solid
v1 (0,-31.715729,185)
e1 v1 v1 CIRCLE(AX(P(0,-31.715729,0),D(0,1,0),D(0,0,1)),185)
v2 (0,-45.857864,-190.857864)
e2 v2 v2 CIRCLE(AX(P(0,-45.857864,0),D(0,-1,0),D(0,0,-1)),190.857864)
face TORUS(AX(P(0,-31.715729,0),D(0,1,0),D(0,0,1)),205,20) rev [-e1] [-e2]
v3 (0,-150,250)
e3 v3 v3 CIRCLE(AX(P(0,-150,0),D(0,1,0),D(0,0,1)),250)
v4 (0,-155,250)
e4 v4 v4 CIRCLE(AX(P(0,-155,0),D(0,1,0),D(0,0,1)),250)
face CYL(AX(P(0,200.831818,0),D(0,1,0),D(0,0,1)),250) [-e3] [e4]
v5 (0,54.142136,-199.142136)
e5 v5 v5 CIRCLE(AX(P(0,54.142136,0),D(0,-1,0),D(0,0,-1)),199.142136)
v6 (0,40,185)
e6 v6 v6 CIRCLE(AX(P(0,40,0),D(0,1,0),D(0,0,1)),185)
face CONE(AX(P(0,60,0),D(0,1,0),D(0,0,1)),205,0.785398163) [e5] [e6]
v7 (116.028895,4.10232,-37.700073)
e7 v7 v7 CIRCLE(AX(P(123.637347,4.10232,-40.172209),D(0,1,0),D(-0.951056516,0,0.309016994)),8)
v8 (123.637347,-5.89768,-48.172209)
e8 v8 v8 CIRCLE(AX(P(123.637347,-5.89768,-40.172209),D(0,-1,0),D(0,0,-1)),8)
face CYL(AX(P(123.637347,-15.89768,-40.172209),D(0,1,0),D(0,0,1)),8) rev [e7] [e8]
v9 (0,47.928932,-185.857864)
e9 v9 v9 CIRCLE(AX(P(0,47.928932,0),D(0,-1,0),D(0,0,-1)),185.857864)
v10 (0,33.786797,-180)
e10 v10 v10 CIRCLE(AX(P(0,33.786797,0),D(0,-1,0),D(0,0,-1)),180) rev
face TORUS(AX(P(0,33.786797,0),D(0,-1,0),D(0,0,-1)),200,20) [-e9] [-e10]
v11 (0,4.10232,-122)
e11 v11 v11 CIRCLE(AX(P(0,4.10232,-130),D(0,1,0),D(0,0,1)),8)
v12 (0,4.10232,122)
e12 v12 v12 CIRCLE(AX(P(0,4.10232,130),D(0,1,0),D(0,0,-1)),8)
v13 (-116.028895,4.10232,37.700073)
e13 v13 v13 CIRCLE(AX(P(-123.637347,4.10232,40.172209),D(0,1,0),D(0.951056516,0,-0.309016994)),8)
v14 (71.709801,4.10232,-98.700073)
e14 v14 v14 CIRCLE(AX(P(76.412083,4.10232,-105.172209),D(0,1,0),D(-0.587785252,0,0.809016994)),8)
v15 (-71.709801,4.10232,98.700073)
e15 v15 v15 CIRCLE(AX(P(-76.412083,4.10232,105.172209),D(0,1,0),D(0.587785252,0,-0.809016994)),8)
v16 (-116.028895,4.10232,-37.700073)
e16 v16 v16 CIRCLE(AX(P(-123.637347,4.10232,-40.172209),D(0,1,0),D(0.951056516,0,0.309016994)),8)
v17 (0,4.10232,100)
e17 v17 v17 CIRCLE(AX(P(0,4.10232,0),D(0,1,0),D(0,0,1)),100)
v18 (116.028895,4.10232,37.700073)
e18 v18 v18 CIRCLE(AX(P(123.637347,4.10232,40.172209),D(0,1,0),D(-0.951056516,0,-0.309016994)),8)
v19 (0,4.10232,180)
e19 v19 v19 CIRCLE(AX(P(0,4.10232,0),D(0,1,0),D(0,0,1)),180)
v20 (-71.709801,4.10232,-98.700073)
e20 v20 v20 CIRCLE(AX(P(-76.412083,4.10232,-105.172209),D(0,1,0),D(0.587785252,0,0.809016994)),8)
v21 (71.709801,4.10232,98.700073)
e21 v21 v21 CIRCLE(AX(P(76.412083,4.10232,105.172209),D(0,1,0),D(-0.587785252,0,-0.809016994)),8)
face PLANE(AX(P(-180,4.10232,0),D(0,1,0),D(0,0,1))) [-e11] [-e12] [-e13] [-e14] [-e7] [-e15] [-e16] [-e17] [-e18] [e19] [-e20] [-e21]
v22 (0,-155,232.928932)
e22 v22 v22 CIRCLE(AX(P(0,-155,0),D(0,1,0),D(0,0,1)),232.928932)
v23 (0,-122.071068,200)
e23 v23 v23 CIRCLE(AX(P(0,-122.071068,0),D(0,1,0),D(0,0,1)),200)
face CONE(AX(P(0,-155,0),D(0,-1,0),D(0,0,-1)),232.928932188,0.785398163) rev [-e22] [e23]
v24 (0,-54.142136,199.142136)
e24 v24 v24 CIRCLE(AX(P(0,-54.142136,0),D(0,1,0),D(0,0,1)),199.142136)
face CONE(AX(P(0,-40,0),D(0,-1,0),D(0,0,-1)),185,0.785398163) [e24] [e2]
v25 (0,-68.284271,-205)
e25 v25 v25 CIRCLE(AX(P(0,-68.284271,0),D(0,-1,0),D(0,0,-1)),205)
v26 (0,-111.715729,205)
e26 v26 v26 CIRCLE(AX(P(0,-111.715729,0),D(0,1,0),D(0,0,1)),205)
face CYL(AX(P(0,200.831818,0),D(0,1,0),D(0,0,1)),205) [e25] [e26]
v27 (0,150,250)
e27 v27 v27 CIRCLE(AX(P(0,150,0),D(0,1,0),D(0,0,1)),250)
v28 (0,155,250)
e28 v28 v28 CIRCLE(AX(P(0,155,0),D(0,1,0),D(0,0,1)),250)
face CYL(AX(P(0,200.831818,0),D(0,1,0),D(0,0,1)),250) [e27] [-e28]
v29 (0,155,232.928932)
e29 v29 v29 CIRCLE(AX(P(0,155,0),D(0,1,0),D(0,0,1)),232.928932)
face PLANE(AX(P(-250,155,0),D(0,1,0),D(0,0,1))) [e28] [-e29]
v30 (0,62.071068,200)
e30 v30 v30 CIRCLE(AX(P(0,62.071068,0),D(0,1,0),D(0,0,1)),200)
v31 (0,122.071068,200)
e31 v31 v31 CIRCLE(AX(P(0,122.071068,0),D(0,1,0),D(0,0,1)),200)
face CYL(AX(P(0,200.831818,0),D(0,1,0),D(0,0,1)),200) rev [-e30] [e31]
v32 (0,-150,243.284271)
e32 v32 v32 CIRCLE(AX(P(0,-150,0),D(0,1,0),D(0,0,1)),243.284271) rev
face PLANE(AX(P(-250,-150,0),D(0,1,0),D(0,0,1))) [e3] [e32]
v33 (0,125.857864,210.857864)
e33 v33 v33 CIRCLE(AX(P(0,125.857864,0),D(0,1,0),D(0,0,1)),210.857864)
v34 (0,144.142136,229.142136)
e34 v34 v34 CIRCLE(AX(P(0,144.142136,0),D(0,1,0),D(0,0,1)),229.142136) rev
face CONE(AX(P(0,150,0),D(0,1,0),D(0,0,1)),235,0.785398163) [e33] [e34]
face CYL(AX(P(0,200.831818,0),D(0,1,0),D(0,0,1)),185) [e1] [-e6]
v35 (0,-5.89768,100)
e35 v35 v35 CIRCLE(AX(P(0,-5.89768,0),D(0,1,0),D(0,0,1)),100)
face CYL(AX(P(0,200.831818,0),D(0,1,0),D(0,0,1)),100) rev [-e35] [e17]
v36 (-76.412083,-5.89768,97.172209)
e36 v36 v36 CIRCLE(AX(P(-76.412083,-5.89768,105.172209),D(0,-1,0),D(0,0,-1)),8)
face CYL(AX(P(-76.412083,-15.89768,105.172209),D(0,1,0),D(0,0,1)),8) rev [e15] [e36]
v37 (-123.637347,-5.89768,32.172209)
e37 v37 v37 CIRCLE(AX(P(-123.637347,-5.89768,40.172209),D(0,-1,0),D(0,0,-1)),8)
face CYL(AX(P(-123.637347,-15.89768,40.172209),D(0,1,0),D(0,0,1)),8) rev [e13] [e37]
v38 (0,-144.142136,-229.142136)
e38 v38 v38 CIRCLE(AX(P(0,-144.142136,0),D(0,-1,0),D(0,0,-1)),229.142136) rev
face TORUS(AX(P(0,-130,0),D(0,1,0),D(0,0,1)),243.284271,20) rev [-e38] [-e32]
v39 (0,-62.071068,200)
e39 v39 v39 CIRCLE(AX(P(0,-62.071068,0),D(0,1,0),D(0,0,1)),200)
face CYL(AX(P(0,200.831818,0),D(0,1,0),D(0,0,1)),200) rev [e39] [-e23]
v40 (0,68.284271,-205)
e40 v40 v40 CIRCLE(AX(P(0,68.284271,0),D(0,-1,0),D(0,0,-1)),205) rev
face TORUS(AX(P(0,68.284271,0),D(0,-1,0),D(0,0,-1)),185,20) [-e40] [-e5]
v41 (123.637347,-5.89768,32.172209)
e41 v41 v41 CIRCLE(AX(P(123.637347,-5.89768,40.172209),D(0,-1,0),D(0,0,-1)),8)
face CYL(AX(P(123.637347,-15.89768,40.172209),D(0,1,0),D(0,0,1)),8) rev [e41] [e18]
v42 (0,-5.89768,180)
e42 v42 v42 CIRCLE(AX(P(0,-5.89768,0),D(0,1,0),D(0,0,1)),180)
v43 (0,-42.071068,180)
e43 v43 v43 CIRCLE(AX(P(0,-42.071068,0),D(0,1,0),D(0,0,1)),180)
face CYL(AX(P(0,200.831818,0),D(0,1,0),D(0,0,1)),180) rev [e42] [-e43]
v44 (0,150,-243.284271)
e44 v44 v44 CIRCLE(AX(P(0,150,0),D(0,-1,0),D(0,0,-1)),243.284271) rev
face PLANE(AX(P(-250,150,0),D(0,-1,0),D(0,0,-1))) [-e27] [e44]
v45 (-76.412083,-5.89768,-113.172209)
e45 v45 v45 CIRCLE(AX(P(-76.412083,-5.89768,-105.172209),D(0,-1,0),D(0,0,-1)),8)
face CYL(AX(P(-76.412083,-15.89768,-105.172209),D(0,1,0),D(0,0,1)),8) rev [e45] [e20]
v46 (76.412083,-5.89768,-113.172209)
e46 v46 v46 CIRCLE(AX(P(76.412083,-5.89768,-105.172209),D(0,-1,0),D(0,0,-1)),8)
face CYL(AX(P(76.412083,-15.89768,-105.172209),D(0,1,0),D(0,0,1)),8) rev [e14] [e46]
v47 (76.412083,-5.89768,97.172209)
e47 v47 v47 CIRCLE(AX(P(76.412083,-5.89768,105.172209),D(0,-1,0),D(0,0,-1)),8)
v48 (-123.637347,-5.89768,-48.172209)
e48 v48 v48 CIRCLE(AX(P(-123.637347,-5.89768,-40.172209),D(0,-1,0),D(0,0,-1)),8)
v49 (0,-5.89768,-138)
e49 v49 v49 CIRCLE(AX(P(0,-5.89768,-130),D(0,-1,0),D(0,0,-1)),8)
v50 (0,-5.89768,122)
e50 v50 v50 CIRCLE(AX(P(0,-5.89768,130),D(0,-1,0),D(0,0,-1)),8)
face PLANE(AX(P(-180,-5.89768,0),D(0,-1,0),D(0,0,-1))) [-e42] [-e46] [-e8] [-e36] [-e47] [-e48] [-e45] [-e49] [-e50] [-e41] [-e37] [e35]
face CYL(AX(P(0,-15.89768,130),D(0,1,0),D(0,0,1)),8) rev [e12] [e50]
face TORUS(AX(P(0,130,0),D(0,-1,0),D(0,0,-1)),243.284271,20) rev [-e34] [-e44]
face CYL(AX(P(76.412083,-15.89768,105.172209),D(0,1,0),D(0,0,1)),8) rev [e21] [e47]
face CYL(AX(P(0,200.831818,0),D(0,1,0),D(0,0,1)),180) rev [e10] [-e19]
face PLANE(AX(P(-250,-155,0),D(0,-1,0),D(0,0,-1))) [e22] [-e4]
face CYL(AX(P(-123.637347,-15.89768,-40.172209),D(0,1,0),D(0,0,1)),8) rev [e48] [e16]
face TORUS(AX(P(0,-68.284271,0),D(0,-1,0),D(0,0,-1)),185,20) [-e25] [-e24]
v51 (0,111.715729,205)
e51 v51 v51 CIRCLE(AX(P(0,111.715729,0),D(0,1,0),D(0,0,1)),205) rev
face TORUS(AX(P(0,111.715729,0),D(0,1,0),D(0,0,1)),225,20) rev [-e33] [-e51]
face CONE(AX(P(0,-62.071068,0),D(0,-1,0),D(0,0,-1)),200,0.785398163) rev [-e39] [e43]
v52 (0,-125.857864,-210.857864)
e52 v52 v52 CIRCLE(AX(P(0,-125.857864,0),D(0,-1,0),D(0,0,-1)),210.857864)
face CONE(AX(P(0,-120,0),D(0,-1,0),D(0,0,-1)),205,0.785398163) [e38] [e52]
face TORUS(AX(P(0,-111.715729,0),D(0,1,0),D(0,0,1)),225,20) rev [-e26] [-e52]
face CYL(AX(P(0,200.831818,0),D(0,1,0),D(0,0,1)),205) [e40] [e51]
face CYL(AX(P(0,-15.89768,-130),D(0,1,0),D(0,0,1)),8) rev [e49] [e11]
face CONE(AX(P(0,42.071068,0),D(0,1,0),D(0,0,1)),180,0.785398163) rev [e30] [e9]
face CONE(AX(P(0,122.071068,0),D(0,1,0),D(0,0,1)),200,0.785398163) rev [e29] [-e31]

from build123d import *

# Parameters (mm, degrees)
FILLET1_R          = 20
SKETCH2_R          = 8
CUT_EXTRUDE1_DEPTH = 20
CIRPATTERN1_COUNT  = 10


with BuildPart() as part:
    # Sketch1 → Revolve1 (revolve)
    with BuildSketch(Plane.XY, mode=Mode.PRIVATE) as revolve1_sk:
        Polygon((-250, 150), (-235, 150), (-205, 120), (-205, 60), (-185, 40), (-185, -40), (-205, -60), (-205, -120), (-235, -150), (-250, -150), (-250, -155), (-232.928932188, -155), (-200, -122.071067812), (-200, -62.071067812), (-180, -42.071067812), (-180, -5.897680137), (-100, -5.897680137), (-100, 4.102319863), (-180, 4.102319863), (-180, 42.071067812), (-200, 62.071067812), (-200, 122.071067812), (-232.928932188, 155), (-250, 155), align=None)
    revolve(revolve1_sk.sketch.rotate(Axis((0, 200.8318176, 0), (0, -1, 0)), 270), axis=Axis((0, 200.8318176, 0), (0, -1, 0)))

    # Fillet1
    fillet1_edges = [part.edges().sort_by_distance(p)[0] for p in [
        (0, 120, -205),
        (0, 150, -235),
        (0, 42.071067812, -180),
        (0, -150, -235),
        (0, -120, -205),
        (0, -60, -205),
        (0, -40, -185),
        (0, 60, -205),
    ]]
    fillet(fillet1_edges, radius=FILLET1_R)

    # Sketch2 → Cut-Extrude1 (cut)
    with BuildSketch(Plane(origin=(0, 4.102319863, 0), x_dir=(1, 0, 0), z_dir=(0, 1, 0))):
        with Locations(Location((0, 130, 0), (0, 0, 270))):
            Circle(SKETCH2_R)
    cut_extrude1 = extrude(amount=-CUT_EXTRUDE1_DEPTH, mode=Mode.SUBTRACT)

    # CirPattern1: Cut-Extrude1 ×10 about axis
    cirpattern1_axis = Axis((0, 0, 0), (0, 1, 0))
    for i in range(1, CIRPATTERN1_COUNT):
        add(cut_extrude1.rotate(cirpattern1_axis, i * 360 / CIRPATTERN1_COUNT), mode=Mode.SUBTRACT)


solid = part.part
